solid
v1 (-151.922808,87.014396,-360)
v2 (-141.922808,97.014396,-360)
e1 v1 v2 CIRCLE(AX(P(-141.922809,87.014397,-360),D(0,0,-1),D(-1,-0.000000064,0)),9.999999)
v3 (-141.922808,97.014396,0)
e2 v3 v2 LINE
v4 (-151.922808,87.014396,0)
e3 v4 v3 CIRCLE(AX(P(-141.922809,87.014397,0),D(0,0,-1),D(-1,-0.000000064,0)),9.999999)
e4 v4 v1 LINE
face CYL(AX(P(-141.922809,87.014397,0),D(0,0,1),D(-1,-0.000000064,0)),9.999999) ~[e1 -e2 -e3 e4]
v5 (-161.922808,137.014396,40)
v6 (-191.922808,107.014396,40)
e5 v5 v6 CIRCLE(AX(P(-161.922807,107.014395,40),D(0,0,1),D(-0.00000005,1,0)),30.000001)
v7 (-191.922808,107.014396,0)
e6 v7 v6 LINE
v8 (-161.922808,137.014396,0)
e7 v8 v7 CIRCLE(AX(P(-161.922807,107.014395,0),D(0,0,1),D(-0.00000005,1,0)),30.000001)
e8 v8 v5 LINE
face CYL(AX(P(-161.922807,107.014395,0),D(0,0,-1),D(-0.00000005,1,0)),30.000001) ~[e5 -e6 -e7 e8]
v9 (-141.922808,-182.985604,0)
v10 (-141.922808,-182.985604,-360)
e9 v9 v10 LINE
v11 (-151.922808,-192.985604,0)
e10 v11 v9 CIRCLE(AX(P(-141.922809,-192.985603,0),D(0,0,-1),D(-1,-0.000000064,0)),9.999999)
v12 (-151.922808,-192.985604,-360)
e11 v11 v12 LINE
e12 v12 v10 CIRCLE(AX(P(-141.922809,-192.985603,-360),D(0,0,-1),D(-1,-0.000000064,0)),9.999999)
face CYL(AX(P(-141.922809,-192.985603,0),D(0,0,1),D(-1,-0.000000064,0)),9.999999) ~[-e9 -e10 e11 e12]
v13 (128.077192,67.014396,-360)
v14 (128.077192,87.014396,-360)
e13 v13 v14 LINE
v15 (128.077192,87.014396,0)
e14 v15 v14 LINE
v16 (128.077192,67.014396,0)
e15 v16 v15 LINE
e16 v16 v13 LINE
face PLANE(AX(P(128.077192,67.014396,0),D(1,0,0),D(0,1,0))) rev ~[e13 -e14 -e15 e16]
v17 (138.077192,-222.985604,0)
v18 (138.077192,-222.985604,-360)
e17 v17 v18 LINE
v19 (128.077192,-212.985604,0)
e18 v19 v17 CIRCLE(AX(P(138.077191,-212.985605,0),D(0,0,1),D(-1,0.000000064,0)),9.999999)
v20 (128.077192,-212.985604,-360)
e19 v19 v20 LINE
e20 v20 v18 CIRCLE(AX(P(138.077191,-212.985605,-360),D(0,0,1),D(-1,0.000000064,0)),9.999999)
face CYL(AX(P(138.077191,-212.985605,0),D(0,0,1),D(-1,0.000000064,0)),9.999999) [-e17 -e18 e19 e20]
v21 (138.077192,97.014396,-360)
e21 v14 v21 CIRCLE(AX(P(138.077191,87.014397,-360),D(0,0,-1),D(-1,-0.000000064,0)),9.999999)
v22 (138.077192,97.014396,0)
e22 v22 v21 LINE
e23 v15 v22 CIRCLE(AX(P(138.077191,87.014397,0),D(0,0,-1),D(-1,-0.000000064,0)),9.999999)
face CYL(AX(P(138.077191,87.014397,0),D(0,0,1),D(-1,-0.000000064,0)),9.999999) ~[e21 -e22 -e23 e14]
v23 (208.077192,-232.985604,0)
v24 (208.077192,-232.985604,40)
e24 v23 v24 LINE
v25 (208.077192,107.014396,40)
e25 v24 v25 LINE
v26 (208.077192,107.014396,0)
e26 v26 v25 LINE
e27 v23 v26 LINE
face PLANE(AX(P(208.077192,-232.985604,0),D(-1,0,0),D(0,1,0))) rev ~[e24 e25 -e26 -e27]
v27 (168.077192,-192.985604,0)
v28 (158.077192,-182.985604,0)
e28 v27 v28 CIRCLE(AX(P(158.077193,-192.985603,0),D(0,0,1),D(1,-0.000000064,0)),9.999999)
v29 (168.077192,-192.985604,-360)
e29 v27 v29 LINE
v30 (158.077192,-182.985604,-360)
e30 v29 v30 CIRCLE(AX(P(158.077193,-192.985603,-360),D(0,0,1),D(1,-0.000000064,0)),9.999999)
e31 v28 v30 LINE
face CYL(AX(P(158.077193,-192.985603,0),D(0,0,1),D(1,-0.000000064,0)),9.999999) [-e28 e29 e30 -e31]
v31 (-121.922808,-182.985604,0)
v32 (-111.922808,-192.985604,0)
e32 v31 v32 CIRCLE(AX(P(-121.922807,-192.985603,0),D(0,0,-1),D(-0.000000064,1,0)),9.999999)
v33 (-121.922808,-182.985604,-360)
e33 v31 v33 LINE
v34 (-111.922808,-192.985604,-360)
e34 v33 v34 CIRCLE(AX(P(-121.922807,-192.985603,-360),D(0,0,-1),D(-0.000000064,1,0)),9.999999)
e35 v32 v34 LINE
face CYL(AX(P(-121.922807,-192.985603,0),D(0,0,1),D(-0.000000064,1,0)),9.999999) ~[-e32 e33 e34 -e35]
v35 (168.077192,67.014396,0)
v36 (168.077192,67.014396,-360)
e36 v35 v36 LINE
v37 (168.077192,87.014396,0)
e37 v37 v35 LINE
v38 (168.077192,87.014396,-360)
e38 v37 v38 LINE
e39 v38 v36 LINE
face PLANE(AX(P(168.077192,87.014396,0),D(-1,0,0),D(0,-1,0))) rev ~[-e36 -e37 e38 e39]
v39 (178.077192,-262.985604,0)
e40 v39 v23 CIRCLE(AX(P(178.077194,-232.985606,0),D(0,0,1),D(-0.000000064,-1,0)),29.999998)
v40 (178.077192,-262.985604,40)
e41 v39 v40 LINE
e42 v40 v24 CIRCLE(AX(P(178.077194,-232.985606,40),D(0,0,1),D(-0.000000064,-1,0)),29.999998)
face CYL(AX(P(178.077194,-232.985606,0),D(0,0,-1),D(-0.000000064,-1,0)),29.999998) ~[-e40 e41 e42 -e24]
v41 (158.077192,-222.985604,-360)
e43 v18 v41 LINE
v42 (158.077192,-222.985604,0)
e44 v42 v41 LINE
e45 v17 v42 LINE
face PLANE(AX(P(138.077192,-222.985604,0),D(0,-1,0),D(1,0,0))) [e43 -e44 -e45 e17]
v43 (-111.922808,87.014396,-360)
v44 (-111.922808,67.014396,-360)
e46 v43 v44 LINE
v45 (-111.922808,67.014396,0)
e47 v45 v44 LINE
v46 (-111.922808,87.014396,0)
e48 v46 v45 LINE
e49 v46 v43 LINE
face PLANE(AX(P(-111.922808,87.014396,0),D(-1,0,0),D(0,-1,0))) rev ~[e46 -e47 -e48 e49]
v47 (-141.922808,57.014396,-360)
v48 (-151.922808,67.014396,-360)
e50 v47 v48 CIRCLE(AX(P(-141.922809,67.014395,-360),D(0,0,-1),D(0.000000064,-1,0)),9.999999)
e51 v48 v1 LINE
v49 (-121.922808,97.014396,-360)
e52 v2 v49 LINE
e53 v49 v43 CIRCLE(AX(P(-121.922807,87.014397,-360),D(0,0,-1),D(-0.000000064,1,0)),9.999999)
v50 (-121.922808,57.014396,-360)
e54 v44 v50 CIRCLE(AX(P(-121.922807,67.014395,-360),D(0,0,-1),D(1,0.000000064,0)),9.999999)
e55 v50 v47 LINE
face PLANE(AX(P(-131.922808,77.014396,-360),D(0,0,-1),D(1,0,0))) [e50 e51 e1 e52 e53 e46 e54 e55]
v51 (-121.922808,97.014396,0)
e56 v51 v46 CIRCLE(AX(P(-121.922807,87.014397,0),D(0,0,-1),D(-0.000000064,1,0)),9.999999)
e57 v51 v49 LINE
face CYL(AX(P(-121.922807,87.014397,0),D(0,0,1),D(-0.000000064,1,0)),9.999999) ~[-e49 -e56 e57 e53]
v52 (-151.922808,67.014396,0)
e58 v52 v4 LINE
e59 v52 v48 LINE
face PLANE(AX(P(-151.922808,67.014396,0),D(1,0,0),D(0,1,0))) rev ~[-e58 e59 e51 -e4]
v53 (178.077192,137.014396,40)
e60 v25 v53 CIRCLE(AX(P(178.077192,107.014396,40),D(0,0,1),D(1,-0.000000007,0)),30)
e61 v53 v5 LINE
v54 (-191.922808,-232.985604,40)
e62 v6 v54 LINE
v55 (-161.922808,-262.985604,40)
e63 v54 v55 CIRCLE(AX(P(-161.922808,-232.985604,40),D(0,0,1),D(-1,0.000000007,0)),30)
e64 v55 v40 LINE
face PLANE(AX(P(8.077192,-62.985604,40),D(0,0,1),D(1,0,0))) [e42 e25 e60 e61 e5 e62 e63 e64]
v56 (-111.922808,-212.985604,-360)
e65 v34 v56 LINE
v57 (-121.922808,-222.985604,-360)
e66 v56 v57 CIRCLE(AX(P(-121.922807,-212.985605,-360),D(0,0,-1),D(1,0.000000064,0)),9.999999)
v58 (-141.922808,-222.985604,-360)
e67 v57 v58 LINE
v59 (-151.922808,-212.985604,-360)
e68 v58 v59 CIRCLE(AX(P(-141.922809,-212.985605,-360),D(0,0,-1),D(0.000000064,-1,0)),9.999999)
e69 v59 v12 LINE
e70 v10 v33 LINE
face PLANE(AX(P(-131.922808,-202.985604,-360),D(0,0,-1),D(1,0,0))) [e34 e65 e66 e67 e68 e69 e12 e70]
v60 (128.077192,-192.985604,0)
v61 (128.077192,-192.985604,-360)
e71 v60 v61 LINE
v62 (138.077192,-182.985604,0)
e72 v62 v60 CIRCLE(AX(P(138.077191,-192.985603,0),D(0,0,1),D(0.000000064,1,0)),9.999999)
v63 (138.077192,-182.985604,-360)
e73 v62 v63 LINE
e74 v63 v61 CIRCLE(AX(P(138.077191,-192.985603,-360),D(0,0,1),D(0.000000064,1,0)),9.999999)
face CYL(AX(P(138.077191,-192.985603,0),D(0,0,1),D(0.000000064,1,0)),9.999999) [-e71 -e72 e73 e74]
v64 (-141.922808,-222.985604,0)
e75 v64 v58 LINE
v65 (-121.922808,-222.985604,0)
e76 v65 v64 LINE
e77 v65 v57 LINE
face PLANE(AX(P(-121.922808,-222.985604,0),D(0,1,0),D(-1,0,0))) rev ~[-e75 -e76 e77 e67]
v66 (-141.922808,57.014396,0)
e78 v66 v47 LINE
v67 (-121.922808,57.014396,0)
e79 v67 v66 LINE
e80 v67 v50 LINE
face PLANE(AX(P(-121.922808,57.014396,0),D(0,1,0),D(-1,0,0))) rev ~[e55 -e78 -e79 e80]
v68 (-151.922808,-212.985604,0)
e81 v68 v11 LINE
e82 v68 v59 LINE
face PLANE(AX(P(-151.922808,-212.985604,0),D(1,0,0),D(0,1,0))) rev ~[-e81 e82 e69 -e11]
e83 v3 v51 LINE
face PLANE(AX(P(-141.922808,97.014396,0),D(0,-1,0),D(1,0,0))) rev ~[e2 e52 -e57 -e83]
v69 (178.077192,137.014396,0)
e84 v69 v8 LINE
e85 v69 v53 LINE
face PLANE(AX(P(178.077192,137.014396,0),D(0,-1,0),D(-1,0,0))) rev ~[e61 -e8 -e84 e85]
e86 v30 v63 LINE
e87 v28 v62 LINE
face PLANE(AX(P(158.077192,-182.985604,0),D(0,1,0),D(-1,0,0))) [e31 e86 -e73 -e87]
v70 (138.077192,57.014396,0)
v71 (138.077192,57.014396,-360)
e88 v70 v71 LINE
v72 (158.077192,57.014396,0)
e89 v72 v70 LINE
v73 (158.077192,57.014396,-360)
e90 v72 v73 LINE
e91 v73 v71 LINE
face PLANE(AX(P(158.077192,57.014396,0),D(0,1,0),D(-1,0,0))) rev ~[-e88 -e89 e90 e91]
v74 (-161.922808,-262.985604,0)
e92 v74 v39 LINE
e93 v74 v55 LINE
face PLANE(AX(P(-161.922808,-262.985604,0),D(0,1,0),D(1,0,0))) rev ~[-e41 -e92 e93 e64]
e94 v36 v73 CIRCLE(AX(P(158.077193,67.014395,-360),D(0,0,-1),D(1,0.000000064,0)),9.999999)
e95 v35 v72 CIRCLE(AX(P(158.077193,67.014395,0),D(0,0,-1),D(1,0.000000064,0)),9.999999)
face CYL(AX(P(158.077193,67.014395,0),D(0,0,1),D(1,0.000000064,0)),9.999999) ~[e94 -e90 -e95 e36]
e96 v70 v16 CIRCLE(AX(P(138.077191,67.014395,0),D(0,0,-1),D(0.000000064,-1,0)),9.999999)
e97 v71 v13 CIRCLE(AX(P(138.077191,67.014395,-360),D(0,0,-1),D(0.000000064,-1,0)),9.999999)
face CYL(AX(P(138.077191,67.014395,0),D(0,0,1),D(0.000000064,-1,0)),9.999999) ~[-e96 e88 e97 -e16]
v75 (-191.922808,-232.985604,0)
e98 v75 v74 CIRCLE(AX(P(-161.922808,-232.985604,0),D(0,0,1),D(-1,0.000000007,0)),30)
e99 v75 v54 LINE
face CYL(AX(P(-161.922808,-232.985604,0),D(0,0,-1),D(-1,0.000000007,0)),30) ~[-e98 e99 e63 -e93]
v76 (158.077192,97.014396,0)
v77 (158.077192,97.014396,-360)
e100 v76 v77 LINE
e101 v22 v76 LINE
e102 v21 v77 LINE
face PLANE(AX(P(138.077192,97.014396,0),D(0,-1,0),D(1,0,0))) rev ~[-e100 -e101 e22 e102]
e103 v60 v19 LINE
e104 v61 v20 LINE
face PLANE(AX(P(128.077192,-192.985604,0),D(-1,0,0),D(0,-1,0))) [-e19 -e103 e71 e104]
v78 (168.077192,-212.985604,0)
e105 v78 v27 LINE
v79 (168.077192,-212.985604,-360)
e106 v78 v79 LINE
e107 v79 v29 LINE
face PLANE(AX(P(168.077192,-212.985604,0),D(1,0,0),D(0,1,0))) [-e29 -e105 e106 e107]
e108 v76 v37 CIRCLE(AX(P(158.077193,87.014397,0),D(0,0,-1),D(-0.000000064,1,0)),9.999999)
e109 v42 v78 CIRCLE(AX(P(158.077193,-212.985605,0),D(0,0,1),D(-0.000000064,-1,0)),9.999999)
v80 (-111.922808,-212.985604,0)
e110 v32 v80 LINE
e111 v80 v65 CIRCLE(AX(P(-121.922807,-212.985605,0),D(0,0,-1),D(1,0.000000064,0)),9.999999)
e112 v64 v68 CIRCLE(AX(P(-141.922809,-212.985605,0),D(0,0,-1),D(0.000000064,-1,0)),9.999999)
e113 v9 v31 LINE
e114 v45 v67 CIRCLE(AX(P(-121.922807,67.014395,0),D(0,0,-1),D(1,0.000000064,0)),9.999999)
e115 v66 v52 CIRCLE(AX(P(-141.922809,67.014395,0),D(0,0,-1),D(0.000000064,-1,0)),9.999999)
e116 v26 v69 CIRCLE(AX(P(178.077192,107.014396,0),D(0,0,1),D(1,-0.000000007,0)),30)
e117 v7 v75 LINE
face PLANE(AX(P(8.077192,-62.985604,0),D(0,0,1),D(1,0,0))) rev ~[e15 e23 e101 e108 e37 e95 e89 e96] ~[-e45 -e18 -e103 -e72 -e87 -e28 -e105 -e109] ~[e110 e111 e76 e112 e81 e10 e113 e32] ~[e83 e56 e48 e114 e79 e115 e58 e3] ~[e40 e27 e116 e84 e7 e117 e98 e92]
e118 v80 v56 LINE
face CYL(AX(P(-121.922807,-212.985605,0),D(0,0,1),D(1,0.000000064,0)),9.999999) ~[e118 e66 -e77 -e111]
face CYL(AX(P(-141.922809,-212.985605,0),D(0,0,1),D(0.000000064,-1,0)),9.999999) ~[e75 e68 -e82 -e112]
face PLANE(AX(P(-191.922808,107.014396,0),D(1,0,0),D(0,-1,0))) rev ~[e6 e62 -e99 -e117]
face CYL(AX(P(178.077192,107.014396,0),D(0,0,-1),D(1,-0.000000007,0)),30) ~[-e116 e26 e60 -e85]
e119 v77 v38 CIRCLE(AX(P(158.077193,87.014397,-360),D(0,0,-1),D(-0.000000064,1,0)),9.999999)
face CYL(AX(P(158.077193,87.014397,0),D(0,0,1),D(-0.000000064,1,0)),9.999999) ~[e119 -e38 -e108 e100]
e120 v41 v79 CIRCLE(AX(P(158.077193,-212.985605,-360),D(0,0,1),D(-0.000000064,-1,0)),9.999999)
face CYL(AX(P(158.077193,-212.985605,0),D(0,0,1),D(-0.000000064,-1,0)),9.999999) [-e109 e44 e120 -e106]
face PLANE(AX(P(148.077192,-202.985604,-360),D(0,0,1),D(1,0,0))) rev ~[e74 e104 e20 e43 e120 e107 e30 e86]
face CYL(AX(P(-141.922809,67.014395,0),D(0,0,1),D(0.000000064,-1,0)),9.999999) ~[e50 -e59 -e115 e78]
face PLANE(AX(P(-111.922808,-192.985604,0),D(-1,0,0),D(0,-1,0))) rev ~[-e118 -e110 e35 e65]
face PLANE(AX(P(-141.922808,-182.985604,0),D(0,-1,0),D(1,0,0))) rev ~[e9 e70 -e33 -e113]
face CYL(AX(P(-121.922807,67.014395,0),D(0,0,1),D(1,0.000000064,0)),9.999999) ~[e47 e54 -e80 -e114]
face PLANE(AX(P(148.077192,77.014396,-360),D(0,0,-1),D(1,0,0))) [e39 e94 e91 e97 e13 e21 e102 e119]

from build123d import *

# Parameters (mm, degrees)
F1_DEPTH = 40
F6_DEPTH = 360
F7_DEPTH = 360
F8_DEPTH = 360
F9_DEPTH = 360


with BuildPart() as f1:
    # F0 (on Top) → F1 (new body)
    with BuildSketch(Plane.XY):
        with BuildLine():
            Line((178.077192, 137.014396), (-161.922808, 137.014396))
            ThreePointArc((-161.922808, 137.014396), (-183.136011, 128.227599), (-191.922808, 107.014396))
            Line((-191.922808, 107.014396), (-191.922808, -232.985604))
            ThreePointArc((-191.922808, -232.985604), (-183.136011, -254.198808), (-161.922808, -262.985604))
            Line((-161.922808, -262.985604), (178.077192, -262.985604))
            ThreePointArc((178.077192, -262.985604), (199.290396, -254.198808), (208.077192, -232.985604))
            Line((208.077192, -232.985604), (208.077192, 107.014396))
            ThreePointArc((208.077192, 107.014396), (199.290396, 128.227599), (178.077192, 137.014396))
        make_face()
    extrude(amount=F1_DEPTH)

    # F2 (on face) → F6 (join)
    with BuildSketch(Plane(origin=(0, 0, 0), x_dir=(1, 0, 0), z_dir=(0, 0, -1))):
        with BuildLine():
            Line((-121.922808, -57.014396), (-141.922808, -57.014396))
            ThreePointArc((-141.922808, -57.014396), (-148.993876, -59.943328), (-151.922808, -67.014396))
            Line((-151.922808, -67.014396), (-151.922808, -87.014396))
            ThreePointArc((-151.922808, -87.014396), (-148.993876, -94.085464), (-141.922808, -97.014396))
            Line((-141.922808, -97.014396), (-121.922808, -97.014396))
            ThreePointArc((-121.922808, -97.014396), (-114.85174, -94.085464), (-111.922808, -87.014396))
            Line((-111.922808, -87.014396), (-111.922808, -67.014396))
            ThreePointArc((-111.922808, -67.014396), (-114.85174, -59.943328), (-121.922808, -57.014396))
        make_face()
    extrude(amount=F6_DEPTH)

    # F5 (on face) → F7 (join)
    with BuildSketch(Plane(origin=(0, 0, 0), x_dir=(1, 0, 0), z_dir=(0, 0, -1))):
        with BuildLine():
            Line((158.077192, -57.014396), (138.077192, -57.014396))
            ThreePointArc((138.077192, -57.014396), (131.006124, -59.943328), (128.077192, -67.014396))
            Line((128.077192, -67.014396), (128.077192, -87.014396))
            ThreePointArc((128.077192, -87.014396), (131.006124, -94.085464), (138.077192, -97.014396))
            Line((138.077192, -97.014396), (158.077192, -97.014396))
            ThreePointArc((158.077192, -97.014396), (165.14826, -94.085464), (168.077192, -87.014396))
            Line((168.077192, -87.014396), (168.077192, -67.014396))
            ThreePointArc((168.077192, -67.014396), (165.14826, -59.943328), (158.077192, -57.014396))
        make_face()
    extrude(amount=F7_DEPTH)

    # F3 (on face) → F8 (join)
    with BuildSketch(Plane(origin=(0, 0, 0), x_dir=(1, 0, 0), z_dir=(0, 0, -1))):
        with BuildLine():
            Line((-121.922808, 222.985604), (-141.922808, 222.985604))
            ThreePointArc((-141.922808, 222.985604), (-148.993876, 220.056672), (-151.922808, 212.985604))
            Line((-151.922808, 212.985604), (-151.922808, 192.985604))
            ThreePointArc((-151.922808, 192.985604), (-148.993876, 185.914536), (-141.922808, 182.985604))
            Line((-141.922808, 182.985604), (-121.922808, 182.985604))
            ThreePointArc((-121.922808, 182.985604), (-114.85174, 185.914536), (-111.922808, 192.985604))
            Line((-111.922808, 192.985604), (-111.922808, 212.985604))
            ThreePointArc((-111.922808, 212.985604), (-114.85174, 220.056672), (-121.922808, 222.985604))
        make_face()
    extrude(amount=F8_DEPTH)

    # F4 (on Top) → F9 (join)
    with BuildSketch(Plane.XY):
        with BuildLine():
            ThreePointArc((128.077192, -212.985604), (131.006124, -220.056672), (138.077192, -222.985604))
            Line((138.077192, -222.985604), (158.077192, -222.985604))
            ThreePointArc((158.077192, -222.985604), (165.14826, -220.056672), (168.077192, -212.985604))
            Line((168.077192, -212.985604), (168.077192, -192.985604))
            ThreePointArc((168.077192, -192.985604), (165.14826, -185.914536), (158.077192, -182.985604))
            Line((158.077192, -182.985604), (138.077192, -182.985604))
            ThreePointArc((138.077192, -182.985604), (131.006124, -185.914536), (128.077192, -192.985604))
            Line((128.077192, -192.985604), (128.077192, -212.985604))
        make_face()
    extrude(amount=-F9_DEPTH)


solid = f1.part
